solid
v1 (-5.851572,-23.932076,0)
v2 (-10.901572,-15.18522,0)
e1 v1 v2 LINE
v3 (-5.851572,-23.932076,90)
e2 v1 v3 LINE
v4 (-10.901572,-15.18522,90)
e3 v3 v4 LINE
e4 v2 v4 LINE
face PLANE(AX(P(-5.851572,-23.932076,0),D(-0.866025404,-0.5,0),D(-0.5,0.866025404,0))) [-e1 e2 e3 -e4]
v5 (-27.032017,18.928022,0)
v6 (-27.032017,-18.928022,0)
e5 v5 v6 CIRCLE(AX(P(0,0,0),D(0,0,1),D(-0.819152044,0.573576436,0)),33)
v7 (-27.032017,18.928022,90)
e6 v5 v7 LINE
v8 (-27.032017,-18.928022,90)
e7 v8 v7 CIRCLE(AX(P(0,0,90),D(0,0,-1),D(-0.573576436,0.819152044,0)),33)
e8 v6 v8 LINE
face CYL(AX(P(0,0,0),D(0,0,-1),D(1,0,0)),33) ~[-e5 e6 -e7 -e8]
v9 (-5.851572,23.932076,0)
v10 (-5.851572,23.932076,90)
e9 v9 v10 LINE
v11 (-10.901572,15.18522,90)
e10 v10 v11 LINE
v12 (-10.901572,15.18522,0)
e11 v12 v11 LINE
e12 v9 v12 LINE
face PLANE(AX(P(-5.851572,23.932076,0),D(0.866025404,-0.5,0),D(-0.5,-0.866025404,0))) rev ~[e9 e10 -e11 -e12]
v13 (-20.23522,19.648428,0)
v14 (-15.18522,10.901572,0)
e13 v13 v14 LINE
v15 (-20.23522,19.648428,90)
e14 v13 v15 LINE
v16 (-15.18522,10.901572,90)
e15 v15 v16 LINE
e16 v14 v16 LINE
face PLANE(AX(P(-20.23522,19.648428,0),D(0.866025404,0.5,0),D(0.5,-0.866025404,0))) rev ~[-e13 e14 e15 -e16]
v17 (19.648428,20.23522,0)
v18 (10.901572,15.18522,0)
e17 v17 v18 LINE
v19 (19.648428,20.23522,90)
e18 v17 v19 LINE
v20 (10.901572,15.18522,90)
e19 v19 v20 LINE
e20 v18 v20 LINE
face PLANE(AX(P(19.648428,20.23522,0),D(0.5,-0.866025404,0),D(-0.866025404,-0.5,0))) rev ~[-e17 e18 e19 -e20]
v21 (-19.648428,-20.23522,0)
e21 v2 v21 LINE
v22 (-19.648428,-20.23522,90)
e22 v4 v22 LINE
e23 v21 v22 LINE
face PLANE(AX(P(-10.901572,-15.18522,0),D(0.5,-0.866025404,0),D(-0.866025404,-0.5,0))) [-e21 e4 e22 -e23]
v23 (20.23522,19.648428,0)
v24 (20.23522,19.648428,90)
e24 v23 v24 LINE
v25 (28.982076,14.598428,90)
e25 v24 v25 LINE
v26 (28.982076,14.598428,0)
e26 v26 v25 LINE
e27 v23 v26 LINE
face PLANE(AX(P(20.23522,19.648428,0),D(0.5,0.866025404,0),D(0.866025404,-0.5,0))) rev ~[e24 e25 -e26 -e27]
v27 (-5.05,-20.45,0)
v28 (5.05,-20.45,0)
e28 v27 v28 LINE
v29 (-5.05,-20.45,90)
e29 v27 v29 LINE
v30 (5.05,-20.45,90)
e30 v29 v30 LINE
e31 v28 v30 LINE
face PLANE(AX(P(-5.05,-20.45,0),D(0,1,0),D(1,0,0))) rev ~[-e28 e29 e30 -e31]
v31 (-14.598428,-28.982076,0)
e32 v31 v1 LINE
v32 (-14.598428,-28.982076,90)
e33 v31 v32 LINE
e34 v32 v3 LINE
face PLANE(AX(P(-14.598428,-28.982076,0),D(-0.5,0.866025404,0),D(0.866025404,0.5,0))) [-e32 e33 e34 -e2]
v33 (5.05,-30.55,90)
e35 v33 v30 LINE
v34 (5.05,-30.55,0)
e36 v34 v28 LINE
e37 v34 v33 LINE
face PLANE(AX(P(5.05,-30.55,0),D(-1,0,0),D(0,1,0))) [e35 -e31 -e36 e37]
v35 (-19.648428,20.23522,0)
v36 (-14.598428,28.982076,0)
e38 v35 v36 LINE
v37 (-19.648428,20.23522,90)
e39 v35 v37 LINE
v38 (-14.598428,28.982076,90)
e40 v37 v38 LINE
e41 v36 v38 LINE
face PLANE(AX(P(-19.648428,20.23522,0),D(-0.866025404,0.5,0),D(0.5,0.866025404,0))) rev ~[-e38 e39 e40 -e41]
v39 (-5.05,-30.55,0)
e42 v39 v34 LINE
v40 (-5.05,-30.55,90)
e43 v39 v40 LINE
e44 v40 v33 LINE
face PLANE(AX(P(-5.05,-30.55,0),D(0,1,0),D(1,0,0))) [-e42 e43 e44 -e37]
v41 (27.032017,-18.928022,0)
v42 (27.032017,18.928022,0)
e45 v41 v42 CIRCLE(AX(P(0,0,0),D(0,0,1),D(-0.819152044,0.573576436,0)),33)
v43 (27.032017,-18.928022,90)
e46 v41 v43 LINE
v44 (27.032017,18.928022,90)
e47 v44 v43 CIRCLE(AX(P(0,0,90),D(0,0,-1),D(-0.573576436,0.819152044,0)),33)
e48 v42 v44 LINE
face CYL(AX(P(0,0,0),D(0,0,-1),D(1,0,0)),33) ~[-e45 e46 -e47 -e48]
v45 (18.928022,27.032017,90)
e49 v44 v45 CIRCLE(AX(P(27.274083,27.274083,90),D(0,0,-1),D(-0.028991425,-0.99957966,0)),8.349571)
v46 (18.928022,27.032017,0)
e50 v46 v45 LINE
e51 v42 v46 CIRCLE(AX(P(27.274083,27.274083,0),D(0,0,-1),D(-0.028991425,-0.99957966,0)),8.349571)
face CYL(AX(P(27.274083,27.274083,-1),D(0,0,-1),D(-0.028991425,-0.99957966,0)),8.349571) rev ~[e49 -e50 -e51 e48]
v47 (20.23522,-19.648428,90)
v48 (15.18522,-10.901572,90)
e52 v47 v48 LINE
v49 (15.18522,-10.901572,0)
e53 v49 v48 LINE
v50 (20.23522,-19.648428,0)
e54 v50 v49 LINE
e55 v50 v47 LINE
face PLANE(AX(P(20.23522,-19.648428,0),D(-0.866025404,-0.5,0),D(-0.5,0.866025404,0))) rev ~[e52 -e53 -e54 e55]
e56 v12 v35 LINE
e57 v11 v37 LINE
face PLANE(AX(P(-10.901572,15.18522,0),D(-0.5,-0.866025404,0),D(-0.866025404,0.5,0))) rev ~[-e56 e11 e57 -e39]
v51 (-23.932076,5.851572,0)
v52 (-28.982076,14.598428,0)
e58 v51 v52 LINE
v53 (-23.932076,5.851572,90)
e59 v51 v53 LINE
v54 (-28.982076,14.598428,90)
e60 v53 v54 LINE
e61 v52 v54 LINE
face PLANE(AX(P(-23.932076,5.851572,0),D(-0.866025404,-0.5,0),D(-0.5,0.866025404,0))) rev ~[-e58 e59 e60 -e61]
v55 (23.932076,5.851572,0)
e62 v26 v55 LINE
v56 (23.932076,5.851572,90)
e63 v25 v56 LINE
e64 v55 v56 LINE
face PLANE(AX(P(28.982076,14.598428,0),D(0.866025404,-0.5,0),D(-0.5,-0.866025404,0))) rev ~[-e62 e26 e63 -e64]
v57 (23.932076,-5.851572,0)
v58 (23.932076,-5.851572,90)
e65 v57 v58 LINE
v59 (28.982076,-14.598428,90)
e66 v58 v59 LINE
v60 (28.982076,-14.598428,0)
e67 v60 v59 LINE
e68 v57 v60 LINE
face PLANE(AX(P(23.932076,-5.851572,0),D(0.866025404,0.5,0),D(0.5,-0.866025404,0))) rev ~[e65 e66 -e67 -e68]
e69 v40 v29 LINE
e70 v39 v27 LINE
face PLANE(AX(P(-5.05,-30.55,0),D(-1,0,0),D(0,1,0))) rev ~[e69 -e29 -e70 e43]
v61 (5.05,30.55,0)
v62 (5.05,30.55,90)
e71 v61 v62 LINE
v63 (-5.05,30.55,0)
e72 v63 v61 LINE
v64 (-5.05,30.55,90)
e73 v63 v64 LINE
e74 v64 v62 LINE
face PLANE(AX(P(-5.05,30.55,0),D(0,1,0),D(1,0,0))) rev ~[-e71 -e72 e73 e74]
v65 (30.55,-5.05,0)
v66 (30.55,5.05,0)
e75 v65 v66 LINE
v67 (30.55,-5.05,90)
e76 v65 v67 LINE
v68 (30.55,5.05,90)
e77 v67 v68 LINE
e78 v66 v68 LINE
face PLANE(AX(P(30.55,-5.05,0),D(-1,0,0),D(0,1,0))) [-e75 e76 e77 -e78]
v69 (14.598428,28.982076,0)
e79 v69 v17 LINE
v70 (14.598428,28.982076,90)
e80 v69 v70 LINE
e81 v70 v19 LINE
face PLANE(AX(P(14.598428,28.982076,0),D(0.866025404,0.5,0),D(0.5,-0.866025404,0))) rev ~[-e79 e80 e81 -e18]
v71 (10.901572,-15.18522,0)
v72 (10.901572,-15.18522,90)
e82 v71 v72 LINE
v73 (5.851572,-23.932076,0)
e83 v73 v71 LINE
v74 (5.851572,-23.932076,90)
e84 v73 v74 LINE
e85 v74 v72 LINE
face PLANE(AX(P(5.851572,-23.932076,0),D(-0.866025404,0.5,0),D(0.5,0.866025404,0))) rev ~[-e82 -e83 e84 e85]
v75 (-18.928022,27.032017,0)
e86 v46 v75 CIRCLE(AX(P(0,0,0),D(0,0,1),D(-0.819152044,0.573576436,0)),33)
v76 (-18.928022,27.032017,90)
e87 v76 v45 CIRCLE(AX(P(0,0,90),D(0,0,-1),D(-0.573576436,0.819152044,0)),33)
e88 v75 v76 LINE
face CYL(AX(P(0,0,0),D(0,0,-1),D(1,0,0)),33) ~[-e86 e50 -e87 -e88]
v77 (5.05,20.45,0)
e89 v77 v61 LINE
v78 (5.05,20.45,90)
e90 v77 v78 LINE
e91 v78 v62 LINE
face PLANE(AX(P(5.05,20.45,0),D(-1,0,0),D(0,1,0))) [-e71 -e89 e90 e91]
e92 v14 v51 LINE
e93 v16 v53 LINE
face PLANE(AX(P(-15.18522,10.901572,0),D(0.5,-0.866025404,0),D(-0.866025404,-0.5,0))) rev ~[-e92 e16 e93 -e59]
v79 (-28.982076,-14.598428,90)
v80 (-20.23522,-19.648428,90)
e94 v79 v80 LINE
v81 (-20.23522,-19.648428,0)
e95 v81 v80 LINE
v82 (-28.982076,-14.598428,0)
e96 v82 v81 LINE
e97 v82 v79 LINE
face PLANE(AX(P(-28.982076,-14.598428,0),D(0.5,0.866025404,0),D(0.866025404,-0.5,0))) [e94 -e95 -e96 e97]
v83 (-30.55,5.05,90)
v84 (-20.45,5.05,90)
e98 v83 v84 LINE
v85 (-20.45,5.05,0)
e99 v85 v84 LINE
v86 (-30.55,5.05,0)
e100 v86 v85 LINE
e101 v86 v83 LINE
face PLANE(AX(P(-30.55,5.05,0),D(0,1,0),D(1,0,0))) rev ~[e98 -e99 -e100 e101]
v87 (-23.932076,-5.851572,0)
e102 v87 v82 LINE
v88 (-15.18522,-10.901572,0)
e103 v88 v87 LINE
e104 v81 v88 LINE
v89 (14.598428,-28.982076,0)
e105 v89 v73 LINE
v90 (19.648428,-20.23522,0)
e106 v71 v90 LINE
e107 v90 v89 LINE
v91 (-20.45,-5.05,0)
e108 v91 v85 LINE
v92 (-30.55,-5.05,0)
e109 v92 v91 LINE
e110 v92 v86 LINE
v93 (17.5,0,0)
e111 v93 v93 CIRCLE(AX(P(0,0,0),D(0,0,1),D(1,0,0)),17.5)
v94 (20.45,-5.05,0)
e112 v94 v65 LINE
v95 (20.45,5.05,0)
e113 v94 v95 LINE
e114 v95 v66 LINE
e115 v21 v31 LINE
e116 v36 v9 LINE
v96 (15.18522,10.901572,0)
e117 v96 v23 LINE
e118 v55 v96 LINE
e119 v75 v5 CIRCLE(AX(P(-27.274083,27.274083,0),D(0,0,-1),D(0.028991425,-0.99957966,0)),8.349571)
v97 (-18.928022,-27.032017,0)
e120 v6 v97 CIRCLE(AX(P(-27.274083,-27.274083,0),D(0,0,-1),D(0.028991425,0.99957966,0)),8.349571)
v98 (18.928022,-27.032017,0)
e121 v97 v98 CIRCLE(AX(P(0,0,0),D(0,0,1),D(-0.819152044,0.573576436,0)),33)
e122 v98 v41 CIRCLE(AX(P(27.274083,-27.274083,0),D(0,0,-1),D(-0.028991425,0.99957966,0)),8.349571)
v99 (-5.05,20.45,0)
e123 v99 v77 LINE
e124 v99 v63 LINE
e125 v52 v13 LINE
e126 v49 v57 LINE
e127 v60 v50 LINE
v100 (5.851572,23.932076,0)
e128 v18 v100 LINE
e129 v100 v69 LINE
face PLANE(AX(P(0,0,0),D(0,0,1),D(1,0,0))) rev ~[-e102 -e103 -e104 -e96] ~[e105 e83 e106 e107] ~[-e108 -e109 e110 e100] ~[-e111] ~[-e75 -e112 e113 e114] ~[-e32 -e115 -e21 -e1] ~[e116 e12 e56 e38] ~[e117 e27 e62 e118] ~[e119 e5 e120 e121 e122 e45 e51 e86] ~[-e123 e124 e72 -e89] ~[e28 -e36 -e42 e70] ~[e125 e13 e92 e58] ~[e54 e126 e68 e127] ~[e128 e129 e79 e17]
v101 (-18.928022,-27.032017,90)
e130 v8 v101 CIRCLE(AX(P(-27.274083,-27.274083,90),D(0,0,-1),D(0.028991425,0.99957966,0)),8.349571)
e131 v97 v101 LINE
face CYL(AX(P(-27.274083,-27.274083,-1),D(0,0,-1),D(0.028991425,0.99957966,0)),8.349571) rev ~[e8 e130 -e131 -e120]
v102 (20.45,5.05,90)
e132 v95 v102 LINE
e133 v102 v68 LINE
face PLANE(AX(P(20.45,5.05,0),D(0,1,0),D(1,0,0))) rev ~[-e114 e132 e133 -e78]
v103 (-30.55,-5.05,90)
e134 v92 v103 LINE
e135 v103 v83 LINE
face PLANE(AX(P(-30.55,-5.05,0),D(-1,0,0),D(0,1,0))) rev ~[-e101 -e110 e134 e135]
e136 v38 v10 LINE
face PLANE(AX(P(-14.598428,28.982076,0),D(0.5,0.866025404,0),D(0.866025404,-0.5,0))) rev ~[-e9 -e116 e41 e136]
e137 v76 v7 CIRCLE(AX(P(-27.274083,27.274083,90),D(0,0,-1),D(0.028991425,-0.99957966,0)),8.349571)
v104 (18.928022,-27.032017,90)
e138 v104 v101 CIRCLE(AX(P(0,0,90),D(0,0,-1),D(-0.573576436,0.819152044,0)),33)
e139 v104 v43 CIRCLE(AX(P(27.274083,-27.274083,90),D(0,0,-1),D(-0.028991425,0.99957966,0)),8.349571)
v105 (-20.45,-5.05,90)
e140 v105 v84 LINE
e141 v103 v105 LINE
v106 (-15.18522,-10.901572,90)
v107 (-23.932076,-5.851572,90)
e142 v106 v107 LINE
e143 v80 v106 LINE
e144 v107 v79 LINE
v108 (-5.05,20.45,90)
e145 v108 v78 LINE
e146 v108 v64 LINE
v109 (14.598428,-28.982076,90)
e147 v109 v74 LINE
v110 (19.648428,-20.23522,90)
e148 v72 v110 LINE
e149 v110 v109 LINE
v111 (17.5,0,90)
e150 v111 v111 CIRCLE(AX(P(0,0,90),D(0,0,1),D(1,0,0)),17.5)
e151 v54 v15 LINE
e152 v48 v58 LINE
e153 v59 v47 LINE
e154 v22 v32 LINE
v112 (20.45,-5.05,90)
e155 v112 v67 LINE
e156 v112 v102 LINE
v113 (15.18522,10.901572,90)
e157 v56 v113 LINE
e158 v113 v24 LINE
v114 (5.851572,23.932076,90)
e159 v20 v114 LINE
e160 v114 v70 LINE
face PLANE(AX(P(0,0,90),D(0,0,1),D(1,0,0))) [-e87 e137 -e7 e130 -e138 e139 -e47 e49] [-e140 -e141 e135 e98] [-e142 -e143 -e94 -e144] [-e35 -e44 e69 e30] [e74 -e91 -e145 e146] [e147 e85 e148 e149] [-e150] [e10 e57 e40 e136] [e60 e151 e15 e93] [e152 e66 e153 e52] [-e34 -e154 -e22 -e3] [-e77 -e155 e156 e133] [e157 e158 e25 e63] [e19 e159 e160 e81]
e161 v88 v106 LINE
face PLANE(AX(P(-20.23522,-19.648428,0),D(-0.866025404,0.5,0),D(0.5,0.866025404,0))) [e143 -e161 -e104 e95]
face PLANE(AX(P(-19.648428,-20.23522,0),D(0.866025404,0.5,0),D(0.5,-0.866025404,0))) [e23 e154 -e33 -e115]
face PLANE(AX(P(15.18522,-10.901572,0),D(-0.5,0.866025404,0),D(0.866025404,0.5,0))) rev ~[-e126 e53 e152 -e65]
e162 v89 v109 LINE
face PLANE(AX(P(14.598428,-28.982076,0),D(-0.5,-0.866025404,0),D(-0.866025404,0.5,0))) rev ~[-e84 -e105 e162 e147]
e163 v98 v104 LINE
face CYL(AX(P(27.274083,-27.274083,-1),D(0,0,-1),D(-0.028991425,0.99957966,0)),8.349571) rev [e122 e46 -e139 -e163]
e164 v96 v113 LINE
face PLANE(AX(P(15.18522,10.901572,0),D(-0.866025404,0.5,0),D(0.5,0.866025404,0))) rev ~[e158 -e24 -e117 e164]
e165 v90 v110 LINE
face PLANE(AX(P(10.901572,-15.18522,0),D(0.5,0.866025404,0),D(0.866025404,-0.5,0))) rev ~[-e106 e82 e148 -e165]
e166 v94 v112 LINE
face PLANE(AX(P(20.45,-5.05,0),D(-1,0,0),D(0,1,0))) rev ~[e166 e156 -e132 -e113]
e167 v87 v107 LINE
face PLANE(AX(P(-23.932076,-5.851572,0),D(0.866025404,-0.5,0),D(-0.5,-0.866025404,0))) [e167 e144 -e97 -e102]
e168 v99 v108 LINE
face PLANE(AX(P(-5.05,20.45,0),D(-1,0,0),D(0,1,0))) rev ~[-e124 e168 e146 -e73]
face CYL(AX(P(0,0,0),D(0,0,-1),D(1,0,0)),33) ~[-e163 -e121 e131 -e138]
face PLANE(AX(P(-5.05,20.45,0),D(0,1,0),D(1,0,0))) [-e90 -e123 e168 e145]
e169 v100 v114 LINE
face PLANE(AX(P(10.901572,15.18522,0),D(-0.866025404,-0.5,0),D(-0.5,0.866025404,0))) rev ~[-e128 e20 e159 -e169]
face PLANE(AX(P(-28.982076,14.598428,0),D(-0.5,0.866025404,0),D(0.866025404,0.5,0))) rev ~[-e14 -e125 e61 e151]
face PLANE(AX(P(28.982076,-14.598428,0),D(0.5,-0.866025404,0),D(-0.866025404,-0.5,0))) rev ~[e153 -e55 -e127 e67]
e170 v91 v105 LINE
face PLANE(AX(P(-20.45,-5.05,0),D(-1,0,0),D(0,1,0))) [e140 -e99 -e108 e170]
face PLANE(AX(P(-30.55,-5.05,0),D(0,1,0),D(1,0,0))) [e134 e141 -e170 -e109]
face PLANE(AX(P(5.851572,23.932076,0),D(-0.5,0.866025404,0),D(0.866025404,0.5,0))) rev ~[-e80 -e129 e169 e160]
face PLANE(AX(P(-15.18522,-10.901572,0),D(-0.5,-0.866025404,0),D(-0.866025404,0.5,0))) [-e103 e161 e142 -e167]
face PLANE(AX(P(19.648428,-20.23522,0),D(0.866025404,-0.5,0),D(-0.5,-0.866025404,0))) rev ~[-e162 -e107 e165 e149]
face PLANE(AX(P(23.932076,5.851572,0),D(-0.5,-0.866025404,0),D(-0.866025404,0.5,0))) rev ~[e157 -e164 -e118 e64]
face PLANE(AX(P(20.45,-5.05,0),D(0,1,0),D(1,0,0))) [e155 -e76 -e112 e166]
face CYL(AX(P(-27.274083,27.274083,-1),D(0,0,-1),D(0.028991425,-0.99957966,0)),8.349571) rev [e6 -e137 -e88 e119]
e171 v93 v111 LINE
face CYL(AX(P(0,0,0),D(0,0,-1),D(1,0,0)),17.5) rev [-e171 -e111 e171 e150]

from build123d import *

# Parameters (mm, degrees)
SKETCH1_R            = 33
SKETCH1_R_2          = 17.5
SKETCH1_W            = 10.1
SKETCH1_H            = 10.1
BOSS_EXTRUDE1_DEPTH  = 90
CUT_EXTRUDE1_START   = -91
CUT_EXTRUDE1_DEPTH   = 92
MIRROR2_START        = -91
MIRROR2_COPY_1_DEPTH = 92


with BuildPart() as part:
    # Sketch1 → Boss-Extrude1 (new body)
    with BuildSketch(Plane.XY):
        Circle(SKETCH1_R)
        Circle(SKETCH1_R_2, mode=Mode.SUBTRACT)
        Polygon((15.185219507, 10.901571711), (20.235219507, 19.648428289), (28.982076086, 14.598428289), (23.932076086, 5.851571711), align=None, mode=Mode.SUBTRACT)
        with Locations((25.5, 0)):
            Rectangle(SKETCH1_W, SKETCH1_H, mode=Mode.SUBTRACT)
        Polygon((5.851571711, 23.932076086), (14.598428289, 28.982076086), (19.648428289, 20.235219507), (10.901571711, 15.185219507), align=None, mode=Mode.SUBTRACT)
        with Locations((0, 25.5)):
            Rectangle(SKETCH1_W, SKETCH1_H, mode=Mode.SUBTRACT)
        with Locations((-25.5, 0)):
            Rectangle(SKETCH1_W, SKETCH1_H, mode=Mode.SUBTRACT)
        Polygon((-23.932076086, 5.851571711), (-28.982076086, 14.598428289), (-20.235219507, 19.648428289), (-15.185219507, 10.901571711), align=None, mode=Mode.SUBTRACT)
        Polygon((-10.901571711, 15.185219507), (-19.648428289, 20.235219507), (-14.598428289, 28.982076086), (-5.851571711, 23.932076086), align=None, mode=Mode.SUBTRACT)
        Polygon((23.932076086, -5.851571711), (28.982076086, -14.598428289), (20.235219507, -19.648428289), (15.185219507, -10.901571711), align=None, mode=Mode.SUBTRACT)
        Polygon((10.901571711, -15.185219507), (19.648428289, -20.235219507), (14.598428289, -28.982076086), (5.851571711, -23.932076086), align=None, mode=Mode.SUBTRACT)
        with Locations((0, -25.5)):
            Rectangle(SKETCH1_W, SKETCH1_H, mode=Mode.SUBTRACT)
        Polygon((-5.851571711, -23.932076086), (-10.901571711, -15.185219507), (-19.648428289, -20.235219507), (-14.598428289, -28.982076086), align=None, mode=Mode.SUBTRACT)
        Polygon((-15.185219507, -10.901571711), (-23.932076086, -5.851571711), (-28.982076086, -14.598428289), (-20.235219507, -19.648428289), align=None, mode=Mode.SUBTRACT)
    extrude(amount=BOSS_EXTRUDE1_DEPTH)

    # Sketch2 → Cut-Extrude1 (cut)
    with BuildSketch(Plane.XY.offset(90).offset(CUT_EXTRUDE1_START)):
        with BuildLine():
            Line((-195.710732602, 14.035729655), (-27.032017462, 18.9280224))
            ThreePointArc((-27.032017462, 18.9280224), (-21.370045373, 21.370045373), (-18.9280224, 27.032017462))
            Line((-18.9280224, 27.032017462), (-14.035729655, 195.710732602))
            Line((-14.035729655, 195.710732602), (-252.683769537, 434.358772484))
            Line((-252.683769537, 434.358772484), (-434.358772484, 252.683769537))
            Line((-434.358772484, 252.683769537), (-195.710732602, 14.035729655))
        make_face()
    cut_extrude1 = extrude(amount=CUT_EXTRUDE1_DEPTH, mode=Mode.SUBTRACT)

    # Mirror1: Cut-Extrude1 across plane
    add(cut_extrude1.mirror(Plane(origin=(0, 0, 0), x_dir=(0, 0, 1), z_dir=(1, 0, 0))), mode=Mode.SUBTRACT)

    # Mirror2: Cut-Extrude1 across plane
    add(cut_extrude1.mirror(Plane.ZX), mode=Mode.SUBTRACT)

    # Mirror2 copy 1 sketch → Mirror2 copy 1 (cut)
    with BuildSketch(Plane(origin=(0, 0, 90), x_dir=(-1, 0, 0), z_dir=(0, 0, 1)).offset(MIRROR2_START)):
        with BuildLine():
            Line((-195.710732602, 14.035729655), (-27.032017462, 18.9280224))
            ThreePointArc((-27.032017462, 18.9280224), (-21.370045373, 21.370045373), (-18.9280224, 27.032017462))
            Line((-18.9280224, 27.032017462), (-14.035729655, 195.710732602))
            Line((-14.035729655, 195.710732602), (-252.683769537, 434.358772484))
            Line((-252.683769537, 434.358772484), (-434.358772484, 252.683769537))
            Line((-434.358772484, 252.683769537), (-195.710732602, 14.035729655))
        make_face()
    extrude(amount=MIRROR2_COPY_1_DEPTH, mode=Mode.SUBTRACT)


solid = part.part
